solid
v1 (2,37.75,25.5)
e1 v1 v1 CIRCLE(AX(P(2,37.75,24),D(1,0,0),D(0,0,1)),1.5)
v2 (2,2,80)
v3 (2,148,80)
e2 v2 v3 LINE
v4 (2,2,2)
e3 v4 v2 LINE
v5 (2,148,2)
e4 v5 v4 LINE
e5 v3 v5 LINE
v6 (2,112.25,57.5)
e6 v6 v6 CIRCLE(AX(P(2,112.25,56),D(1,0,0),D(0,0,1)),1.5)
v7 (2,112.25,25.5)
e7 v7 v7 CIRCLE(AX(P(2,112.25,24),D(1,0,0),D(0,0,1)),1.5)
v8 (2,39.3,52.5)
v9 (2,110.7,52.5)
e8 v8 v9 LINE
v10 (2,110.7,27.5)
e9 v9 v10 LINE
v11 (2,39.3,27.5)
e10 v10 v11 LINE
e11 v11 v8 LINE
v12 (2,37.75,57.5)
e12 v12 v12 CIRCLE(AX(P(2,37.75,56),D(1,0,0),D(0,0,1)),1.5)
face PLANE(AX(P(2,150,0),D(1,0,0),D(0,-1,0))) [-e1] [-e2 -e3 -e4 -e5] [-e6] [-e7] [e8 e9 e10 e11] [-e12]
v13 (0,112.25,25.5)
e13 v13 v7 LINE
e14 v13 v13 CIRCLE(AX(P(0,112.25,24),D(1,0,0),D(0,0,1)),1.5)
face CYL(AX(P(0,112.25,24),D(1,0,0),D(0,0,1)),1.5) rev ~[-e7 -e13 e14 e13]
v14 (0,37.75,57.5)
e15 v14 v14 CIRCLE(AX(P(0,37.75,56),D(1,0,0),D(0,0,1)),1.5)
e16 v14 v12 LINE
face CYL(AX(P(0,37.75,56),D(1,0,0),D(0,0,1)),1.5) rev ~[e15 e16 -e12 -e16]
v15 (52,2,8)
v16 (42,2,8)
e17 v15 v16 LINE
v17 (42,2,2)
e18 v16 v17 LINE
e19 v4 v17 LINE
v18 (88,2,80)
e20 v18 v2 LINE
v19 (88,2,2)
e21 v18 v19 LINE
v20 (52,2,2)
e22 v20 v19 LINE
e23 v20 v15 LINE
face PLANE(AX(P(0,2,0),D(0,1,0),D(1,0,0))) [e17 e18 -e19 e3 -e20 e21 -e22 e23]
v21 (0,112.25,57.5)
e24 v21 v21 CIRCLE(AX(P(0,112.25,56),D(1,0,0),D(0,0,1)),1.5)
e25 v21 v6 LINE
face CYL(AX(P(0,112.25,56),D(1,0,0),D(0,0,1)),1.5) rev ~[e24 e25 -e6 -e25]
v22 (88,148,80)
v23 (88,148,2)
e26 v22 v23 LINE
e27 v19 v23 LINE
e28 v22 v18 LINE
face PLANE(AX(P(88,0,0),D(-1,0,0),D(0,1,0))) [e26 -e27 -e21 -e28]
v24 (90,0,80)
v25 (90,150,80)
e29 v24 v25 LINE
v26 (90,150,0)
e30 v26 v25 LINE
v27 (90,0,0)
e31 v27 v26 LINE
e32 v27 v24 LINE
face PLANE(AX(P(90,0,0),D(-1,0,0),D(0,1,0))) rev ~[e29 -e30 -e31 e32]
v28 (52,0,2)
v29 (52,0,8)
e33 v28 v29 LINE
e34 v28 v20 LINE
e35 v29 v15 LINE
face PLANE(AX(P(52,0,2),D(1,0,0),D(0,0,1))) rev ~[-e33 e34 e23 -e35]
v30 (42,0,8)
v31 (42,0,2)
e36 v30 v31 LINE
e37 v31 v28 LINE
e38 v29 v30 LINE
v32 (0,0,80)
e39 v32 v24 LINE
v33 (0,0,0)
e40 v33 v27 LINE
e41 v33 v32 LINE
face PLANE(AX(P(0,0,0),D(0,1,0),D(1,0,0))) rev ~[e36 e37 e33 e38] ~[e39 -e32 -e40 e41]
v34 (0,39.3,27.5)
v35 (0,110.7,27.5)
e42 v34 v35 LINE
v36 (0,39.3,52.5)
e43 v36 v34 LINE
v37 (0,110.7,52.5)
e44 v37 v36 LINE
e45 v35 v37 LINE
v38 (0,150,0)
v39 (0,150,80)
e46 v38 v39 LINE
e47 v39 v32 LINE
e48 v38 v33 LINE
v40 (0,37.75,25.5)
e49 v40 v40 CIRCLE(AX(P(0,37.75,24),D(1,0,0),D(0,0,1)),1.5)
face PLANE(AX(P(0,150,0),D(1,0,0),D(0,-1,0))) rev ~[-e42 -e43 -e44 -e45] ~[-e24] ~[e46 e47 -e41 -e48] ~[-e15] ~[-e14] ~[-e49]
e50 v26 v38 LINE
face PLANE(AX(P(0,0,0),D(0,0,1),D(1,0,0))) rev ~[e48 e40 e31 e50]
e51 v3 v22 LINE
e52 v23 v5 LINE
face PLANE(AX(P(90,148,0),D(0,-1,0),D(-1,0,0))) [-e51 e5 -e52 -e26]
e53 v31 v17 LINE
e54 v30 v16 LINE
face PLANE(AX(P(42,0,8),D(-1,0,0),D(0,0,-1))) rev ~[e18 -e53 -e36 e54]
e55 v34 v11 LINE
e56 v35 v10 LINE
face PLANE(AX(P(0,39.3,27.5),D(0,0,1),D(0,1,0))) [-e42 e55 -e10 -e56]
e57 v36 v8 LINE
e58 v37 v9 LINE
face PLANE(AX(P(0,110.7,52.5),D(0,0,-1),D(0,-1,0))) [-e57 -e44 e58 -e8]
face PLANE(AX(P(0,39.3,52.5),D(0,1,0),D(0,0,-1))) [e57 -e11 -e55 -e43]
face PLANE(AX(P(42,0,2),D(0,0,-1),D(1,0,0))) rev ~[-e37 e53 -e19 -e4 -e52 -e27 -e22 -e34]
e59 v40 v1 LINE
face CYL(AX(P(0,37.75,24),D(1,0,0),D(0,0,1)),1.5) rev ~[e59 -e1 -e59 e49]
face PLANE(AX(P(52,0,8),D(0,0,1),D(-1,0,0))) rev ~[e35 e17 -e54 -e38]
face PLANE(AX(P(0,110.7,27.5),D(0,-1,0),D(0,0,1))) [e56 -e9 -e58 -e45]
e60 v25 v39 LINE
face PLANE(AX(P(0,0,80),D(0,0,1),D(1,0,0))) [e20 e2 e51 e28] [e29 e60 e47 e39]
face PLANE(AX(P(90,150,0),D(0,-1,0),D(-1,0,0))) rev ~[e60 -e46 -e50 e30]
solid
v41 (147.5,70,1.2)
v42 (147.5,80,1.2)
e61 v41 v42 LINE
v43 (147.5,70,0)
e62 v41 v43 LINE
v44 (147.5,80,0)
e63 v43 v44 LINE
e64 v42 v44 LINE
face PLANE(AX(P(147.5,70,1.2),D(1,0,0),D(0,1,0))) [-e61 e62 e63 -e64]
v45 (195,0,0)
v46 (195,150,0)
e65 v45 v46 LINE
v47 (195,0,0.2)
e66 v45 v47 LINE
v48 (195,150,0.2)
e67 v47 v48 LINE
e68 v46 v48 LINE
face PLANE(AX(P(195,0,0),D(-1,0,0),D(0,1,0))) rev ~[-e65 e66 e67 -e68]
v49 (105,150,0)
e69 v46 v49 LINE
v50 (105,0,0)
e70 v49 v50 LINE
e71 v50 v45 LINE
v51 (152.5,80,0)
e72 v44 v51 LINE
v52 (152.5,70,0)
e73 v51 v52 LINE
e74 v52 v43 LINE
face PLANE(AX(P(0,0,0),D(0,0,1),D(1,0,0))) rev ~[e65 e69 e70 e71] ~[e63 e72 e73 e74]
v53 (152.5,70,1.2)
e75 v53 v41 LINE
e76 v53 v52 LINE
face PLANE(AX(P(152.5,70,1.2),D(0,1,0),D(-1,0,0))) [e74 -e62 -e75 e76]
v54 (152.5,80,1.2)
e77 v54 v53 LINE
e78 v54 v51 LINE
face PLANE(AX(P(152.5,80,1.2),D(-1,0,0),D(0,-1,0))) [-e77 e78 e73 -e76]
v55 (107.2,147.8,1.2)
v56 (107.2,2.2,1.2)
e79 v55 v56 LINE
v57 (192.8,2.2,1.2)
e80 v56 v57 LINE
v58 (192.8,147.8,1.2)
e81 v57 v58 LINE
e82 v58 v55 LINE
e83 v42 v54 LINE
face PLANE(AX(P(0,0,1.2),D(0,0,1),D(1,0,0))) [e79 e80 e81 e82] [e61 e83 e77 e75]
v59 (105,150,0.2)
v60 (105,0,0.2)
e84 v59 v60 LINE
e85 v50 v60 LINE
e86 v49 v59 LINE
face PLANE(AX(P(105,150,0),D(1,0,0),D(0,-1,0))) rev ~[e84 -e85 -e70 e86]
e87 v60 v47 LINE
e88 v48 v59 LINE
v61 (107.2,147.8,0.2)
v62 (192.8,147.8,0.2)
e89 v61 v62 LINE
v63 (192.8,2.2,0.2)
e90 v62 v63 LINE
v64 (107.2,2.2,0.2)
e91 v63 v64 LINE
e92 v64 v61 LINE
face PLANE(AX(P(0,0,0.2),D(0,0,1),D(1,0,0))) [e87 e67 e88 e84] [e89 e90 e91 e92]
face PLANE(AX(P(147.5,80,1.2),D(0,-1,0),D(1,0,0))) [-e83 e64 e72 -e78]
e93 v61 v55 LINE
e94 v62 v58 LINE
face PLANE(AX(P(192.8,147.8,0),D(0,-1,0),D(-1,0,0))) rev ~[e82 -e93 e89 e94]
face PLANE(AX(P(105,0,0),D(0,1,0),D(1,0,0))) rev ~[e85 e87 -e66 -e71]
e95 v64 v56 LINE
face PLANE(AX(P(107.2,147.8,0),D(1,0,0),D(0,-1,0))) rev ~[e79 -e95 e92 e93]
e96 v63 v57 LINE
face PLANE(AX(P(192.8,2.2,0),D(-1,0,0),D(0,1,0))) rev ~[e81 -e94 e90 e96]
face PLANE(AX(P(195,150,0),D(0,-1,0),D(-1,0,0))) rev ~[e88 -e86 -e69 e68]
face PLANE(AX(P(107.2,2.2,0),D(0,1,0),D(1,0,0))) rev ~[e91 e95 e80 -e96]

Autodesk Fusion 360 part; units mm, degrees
sketch "Esquisse1" plane through (0, 0, 0) normal (0, 0, 1) x (1, 0, 0)
  line L0 (0, 0) -> (90, 0)
  line L1 (90, 0) -> (90, 150)
  line L2 (90, 150) -> (0, 150)
  line L3 (0, 150) -> (0, 0)
  dimension "d42" = 90
  dimension "d43" = 150
extrude "Extrusion1" add sketch "Esquisse1" along normal blind 80 makes body 1
shell "Coque1" thickness 2 removed faces 1 at (30, 100, 80) on bodies 1
sketch "Esquisse2" plane through (0, 0, 0) normal (-1, 0, 0) x (0, -1, 0)
  line L0 (-150, 0) -> (0, 0)
  line L1 (0, 0) -> (0, 80)
  line L2 (0, 80) -> (-150, 80)
  line L3 (-150, 80) -> (-150, 0)
  line L4 (-110.7, 52.5) -> (-39.3, 52.5)
  line L5 (-39.3, 52.5) -> (-39.3, 27.5)
  line L6 (-39.3, 27.5) -> (-110.7, 27.5)
  line L7 (-110.7, 27.5) -> (-110.7, 52.5)
  line L8 (-150, 40) -> (-110.7, 40) construction
  line L9 (-39.3, 40) -> (0, 40) construction
  line L10 (-112.25, 24) -> (-37.75, 24) construction
  line L11 (-37.75, 24) -> (-37.75, 56) construction
  line L12 (-37.75, 56) -> (-112.25, 56) construction
  line L13 (-112.25, 56) -> (-112.25, 24) construction
  line L14 (-75, 56) -> (-75, 80)
  line L15 (-75, 24) -> (-75, 0)
  dimension "d32" = 25
  dimension "d33" = 71.4
  dimension "d40" = 1.55
  dimension "d41" = 3.5
extrude "Extrusion2" cut sketch "Esquisse2" against normal blind 10 contours L4 L5 L6 L7 bodies 1
sketch "Esquisse6" plane through (0, 0, 0) normal (0, -1, 0) x (1, 0, 0)
  line L0 (0, 0) -> (90, 0)
  line L1 (90, 0) -> (90, 80)
  line L2 (90, 80) -> (0, 80)
  line L3 (0, 80) -> (0, 0)
  line L4 (42, 2) -> (52, 2)
  line L5 (52, 2) -> (52, 8)
  line L6 (52, 8) -> (42, 8)
  line L7 (42, 8) -> (42, 2)
extrude "Extrusion5" cut sketch "Esquisse6" against normal blind 2 contours L4 L5 L6 L7 bodies 1
sketch "Esquisse9" plane through (0, 0, 0) normal (0, 0, 1) x (1, 0, 0)
  line L0 (105, 0) -> (195, 0)
  line L1 (195, 0) -> (195, 150)
  line L2 (195, 150) -> (105, 150)
  line L3 (105, 150) -> (105, 0)
  line L4 (192.8, 147.8) -> (107.2, 147.8)
  line L5 (107.2, 147.8) -> (107.2, 2.2)
  line L6 (107.2, 2.2) -> (192.8, 2.2)
  line L7 (192.8, 2.2) -> (192.8, 147.8)
  line L8 (0, 0) -> (90, 0)
  line L9 (90, 150) -> (0, 150)
  dimension "d34" = -2.2
  dimension "d35" = 15
extrude "Extrusion9" add sketch "Esquisse9" along normal blind 0.2 separate body contours L0 L1 L2 L3 | L4 L5 L6 L7 makes body 2
extrude "Extrusion10" add sketch "Esquisse9" along normal blind 1.2 contours L4 L5 L6 L7 bodies 2
sketch "Esquisse11" plane through (0, 0, 1.2) normal (0, 0, 1) x (-1, 0, 0)
  line L0 (-152.5, -70) -> (-147.5, -70)
  line L1 (-147.5, -70) -> (-147.5, -80)
  line L2 (-147.5, -80) -> (-152.5, -80)
  line L3 (-152.5, -80) -> (-152.5, -70)
  line L4 (-192.8, -2.2) -> (-192.8, -147.8)
  line L5 (-192.8, -147.8) -> (-107.2, -147.8)
  line L6 (-107.2, -147.8) -> (-107.2, -2.2)
  line L7 (-107.2, -2.2) -> (-192.8, -2.2)
  line L8 (-192.8, -2.2) -> (-192.8, -147.8)
  line L9 (-107.2, -147.8) -> (-107.2, -2.2)
  line L10 (-150, -70) -> (-150, -2.2) construction
  line L11 (-150, -80) -> (-150, -147.8) construction
  line L12 (-192.8, -75) -> (-152.5, -75) construction
  line L13 (-147.5, -75) -> (-107.2, -75) construction
  dimension "d28" = 5
  dimension "d29" = 10
extrude "Extrusion11" cut sketch "Esquisse11" against normal up to surface (1.2 mm away) contours L0 L1 L2 L3 bodies 2
hole "Perçage2" at (0, 112.25, 56) at (0, 37.75, 56) at (0, 37.75, 24) at (0, 112.25, 24) direction (1, 0, 0) diameter 3 depth 3 tip angle 118 bodies 1
equation "d26 = 0.2 mm + 1 mm"
equation "d40 = 4.25 mm - 2.5 mm - 0.2 mm"
equation "d41 = 6 mm - 2.5 mm"
